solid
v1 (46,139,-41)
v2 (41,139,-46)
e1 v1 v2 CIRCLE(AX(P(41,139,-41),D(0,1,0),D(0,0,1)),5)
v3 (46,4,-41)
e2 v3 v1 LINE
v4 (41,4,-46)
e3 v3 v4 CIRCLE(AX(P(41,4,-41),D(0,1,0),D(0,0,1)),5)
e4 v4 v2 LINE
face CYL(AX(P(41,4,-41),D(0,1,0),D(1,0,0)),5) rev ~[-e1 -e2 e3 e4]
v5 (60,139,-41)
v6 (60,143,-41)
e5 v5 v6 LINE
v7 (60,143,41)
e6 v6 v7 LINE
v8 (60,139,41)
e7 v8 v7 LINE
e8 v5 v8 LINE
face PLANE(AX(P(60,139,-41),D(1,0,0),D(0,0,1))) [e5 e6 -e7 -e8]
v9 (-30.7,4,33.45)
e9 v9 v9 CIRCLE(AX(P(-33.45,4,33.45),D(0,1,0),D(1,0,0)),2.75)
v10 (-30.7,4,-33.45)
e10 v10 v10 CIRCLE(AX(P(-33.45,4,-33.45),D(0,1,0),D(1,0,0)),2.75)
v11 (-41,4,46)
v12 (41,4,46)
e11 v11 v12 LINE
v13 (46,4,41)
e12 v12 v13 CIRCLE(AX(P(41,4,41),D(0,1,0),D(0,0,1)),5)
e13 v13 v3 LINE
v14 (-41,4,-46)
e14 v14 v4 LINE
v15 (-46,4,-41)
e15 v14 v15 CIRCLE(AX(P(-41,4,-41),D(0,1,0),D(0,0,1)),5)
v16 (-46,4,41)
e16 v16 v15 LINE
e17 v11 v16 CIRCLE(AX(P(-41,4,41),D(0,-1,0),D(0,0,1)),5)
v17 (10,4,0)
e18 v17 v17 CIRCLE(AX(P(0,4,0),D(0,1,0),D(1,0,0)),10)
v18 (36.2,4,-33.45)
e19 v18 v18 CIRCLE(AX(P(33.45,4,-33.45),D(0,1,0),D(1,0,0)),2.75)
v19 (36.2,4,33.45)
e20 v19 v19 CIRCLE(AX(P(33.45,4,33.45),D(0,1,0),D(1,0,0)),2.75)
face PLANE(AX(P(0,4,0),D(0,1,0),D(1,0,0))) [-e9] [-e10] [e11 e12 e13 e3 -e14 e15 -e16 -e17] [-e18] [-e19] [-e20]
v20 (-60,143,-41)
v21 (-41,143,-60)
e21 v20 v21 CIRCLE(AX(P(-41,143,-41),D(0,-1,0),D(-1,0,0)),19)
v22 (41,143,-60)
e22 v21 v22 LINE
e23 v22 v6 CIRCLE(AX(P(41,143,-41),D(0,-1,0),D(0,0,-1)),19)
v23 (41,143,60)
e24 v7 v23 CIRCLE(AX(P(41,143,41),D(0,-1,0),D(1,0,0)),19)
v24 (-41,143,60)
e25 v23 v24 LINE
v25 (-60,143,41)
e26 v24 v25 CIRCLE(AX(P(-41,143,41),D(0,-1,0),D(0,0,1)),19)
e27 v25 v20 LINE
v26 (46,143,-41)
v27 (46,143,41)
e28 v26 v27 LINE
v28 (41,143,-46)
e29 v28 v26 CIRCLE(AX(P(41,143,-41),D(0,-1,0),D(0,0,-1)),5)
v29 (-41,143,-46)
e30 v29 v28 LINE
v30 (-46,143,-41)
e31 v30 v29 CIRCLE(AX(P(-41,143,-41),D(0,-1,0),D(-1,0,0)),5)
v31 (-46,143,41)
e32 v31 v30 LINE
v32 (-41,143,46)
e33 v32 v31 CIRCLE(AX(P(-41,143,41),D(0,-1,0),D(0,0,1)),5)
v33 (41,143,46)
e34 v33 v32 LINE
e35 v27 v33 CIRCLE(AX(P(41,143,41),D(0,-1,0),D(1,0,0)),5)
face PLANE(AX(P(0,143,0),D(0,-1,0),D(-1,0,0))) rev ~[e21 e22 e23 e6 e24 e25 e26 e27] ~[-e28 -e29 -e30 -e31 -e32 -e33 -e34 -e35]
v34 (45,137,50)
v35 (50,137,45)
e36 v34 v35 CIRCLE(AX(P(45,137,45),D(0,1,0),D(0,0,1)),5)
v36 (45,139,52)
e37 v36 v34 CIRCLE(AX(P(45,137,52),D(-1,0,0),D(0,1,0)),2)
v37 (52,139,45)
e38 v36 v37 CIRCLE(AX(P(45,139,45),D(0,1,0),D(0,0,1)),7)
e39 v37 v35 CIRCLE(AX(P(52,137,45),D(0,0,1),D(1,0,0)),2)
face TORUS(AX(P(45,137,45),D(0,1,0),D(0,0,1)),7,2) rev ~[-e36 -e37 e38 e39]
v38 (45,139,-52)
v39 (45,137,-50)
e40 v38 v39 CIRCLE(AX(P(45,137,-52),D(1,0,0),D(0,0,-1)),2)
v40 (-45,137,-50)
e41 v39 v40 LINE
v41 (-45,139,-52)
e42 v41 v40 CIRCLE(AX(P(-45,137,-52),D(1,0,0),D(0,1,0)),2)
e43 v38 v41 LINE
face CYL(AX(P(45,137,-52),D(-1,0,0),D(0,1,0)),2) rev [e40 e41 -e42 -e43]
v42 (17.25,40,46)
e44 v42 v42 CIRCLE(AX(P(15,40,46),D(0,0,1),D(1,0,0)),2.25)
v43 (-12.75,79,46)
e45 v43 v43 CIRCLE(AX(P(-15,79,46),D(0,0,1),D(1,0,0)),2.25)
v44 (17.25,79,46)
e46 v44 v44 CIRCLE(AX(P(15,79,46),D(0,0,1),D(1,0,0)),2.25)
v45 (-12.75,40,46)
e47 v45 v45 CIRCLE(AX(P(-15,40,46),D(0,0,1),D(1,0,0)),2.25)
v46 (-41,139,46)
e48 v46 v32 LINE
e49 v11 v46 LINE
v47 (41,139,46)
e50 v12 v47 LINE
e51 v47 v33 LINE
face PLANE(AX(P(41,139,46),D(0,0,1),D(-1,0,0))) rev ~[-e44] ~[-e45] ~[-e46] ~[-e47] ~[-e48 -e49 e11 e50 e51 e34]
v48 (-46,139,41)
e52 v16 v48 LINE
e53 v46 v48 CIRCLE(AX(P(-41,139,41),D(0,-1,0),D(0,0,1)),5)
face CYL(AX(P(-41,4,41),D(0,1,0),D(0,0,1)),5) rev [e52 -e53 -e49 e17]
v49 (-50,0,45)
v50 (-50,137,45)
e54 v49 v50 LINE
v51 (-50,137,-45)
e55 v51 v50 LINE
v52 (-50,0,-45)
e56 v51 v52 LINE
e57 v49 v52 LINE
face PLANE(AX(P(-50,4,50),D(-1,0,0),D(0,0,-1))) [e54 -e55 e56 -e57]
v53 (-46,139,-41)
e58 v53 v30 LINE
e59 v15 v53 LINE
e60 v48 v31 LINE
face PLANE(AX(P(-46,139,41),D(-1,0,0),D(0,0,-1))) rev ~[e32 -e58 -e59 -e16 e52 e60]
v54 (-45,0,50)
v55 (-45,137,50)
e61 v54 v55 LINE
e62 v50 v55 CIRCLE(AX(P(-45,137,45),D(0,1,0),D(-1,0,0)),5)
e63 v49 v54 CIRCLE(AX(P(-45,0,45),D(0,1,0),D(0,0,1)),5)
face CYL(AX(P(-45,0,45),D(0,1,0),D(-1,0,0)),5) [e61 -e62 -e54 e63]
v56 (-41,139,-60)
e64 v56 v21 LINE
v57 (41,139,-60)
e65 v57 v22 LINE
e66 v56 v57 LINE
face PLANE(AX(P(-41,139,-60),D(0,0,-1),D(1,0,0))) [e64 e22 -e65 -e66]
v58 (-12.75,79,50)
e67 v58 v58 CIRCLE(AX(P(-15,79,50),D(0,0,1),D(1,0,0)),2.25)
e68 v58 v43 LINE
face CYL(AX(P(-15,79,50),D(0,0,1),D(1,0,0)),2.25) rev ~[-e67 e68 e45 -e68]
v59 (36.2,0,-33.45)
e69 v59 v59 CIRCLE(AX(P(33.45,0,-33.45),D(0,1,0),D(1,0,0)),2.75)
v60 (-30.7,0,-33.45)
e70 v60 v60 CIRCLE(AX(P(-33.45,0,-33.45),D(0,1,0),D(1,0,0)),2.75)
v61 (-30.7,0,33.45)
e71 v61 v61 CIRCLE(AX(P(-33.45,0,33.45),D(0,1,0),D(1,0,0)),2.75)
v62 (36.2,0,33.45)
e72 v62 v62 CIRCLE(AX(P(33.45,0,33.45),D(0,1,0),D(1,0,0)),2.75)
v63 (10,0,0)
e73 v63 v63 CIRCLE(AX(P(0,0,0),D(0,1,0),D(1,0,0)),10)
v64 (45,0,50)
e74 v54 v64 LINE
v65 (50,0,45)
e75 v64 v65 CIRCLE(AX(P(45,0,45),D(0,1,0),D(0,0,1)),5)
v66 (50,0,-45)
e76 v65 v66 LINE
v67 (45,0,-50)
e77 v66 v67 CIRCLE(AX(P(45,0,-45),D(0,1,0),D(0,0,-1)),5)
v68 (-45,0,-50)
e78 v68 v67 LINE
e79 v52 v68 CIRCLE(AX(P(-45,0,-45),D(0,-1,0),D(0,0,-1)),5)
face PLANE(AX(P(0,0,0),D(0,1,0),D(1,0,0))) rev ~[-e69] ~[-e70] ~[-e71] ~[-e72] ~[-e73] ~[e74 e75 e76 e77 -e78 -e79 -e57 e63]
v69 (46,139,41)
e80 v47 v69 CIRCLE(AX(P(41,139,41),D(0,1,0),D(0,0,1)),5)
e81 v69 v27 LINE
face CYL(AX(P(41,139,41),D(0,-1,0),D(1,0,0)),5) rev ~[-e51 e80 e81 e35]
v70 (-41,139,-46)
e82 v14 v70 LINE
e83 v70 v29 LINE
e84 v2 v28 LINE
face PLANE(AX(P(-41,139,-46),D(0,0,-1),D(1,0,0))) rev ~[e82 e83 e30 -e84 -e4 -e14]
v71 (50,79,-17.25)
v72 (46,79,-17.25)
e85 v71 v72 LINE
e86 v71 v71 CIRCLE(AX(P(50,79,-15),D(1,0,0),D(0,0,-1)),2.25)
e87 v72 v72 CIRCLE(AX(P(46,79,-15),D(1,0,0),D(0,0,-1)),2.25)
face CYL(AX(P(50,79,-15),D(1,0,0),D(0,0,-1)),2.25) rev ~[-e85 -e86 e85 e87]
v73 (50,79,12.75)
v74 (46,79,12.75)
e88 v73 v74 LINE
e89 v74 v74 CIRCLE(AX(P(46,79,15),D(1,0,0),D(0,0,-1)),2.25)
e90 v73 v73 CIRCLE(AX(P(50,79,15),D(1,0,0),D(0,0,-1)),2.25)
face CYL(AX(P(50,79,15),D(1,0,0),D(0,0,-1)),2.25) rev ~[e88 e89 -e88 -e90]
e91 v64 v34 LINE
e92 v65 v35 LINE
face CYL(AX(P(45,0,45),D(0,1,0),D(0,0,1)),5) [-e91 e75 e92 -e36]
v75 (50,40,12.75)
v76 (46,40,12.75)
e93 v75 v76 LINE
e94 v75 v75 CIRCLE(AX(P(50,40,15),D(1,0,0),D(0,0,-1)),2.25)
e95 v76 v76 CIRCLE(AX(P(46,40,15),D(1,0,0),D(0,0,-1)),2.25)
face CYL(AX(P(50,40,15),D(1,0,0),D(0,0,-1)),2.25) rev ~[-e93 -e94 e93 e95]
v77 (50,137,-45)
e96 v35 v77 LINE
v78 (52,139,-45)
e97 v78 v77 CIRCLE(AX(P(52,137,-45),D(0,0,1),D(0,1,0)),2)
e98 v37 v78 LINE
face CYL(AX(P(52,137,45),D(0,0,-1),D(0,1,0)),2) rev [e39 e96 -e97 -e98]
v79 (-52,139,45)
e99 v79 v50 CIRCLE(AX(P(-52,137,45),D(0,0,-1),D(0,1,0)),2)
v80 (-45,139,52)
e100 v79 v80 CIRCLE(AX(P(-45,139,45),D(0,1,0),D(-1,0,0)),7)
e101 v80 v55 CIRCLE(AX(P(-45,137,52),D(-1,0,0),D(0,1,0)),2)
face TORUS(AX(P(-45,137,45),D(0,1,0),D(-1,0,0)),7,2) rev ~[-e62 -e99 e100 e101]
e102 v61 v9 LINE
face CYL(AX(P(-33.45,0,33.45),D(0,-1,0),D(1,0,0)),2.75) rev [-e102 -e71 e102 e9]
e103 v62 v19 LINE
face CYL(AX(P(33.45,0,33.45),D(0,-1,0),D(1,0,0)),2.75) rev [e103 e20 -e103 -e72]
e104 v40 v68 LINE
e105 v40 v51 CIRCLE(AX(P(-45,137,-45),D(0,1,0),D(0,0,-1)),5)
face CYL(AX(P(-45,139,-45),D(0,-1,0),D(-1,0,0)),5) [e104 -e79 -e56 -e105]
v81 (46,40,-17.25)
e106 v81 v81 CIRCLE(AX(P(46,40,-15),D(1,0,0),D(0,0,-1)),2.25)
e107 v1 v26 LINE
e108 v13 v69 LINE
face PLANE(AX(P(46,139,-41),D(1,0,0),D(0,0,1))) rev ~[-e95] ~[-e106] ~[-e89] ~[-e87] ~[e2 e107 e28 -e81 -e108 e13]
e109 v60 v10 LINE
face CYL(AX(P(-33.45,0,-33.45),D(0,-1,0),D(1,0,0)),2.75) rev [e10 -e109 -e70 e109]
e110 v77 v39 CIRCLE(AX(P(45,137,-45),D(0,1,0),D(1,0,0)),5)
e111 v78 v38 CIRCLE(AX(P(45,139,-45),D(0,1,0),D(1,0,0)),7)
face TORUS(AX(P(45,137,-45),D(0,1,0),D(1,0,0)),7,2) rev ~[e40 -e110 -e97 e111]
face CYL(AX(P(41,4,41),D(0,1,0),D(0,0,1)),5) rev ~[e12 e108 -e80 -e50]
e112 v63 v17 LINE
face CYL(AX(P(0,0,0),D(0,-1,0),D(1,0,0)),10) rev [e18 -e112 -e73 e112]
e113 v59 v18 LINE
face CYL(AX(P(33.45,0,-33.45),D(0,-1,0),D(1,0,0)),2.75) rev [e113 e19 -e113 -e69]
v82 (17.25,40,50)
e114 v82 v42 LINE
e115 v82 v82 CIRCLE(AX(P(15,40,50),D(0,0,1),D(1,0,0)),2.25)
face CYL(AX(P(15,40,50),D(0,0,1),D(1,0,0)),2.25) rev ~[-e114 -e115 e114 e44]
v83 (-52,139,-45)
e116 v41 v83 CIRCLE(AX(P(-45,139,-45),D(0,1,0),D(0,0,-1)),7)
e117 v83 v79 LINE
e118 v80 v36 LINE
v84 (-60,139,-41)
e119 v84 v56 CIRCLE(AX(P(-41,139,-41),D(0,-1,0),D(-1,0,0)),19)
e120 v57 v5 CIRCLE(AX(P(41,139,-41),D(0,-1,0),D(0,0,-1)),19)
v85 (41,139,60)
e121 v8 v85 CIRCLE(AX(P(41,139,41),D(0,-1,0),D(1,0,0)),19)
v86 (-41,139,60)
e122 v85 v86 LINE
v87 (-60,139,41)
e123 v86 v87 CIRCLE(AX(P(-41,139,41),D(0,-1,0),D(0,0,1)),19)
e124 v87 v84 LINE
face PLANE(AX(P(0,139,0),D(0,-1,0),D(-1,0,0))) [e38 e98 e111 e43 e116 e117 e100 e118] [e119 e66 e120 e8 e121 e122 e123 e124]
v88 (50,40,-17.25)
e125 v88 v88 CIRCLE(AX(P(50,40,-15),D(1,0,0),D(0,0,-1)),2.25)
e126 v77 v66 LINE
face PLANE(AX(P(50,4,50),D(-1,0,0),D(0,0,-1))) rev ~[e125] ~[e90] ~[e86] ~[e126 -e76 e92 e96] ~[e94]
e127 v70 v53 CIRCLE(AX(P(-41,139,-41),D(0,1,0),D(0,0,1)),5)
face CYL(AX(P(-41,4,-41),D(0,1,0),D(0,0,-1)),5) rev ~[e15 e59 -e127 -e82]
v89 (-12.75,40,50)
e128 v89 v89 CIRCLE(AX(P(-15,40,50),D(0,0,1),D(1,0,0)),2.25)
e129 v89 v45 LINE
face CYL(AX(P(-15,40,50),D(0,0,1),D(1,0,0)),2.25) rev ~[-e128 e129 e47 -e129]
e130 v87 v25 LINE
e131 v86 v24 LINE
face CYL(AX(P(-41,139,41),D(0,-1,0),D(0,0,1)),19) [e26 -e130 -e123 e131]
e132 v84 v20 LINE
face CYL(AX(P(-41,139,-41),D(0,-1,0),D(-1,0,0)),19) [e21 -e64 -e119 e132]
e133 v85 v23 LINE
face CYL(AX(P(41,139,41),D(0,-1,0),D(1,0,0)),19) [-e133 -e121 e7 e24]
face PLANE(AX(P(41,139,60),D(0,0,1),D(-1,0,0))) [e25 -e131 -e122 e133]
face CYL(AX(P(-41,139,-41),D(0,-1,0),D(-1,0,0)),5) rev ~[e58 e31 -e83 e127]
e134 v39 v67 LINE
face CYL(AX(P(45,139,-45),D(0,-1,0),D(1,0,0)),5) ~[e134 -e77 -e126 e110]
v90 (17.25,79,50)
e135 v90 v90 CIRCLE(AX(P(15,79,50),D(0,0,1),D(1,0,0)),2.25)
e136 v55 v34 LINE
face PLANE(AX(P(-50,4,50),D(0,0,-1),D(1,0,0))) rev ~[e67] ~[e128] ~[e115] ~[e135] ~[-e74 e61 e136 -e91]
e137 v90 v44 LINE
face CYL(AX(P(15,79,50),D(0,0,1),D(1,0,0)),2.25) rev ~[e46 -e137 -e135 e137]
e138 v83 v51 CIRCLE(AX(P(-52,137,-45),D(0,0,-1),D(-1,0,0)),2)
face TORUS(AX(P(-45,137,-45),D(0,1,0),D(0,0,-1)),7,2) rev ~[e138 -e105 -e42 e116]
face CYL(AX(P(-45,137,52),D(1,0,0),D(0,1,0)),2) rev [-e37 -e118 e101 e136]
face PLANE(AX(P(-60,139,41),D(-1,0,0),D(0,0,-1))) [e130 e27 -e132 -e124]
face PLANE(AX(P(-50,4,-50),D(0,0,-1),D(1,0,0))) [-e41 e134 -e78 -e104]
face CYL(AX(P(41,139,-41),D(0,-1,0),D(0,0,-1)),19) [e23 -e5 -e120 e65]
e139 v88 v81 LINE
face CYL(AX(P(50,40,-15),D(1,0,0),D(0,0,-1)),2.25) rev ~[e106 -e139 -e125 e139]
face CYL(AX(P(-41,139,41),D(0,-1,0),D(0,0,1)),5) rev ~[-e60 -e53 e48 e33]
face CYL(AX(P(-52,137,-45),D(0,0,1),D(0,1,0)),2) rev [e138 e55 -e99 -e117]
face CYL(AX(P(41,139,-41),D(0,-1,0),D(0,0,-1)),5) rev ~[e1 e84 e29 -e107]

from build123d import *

# Parameters (mm, degrees)
SKETCH1_W           = 100
SKETCH1_H           = 100
SKETCH1_R           = 10
SKETCH1_R_2         = 2.75
BOSS_EXTRUDE1_DEPTH = 4
SKETCH2_W           = 100
SKETCH2_H           = 100
SKETCH2_W_2         = 92
SKETCH2_H_2         = 92
BOSS_EXTRUDE2_DEPTH = 135
FILLET1_R           = 5
BOSS_EXTRUDE3_DEPTH = 4
FILLET2_R           = 2
CUT_EXTRUDE1_REACH  = 112
SKETCH4_R           = 2.25
CUT_EXTRUDE2_REACH  = 112
SKETCH5_R           = 2.25


with BuildPart() as part:
    # Sketch1 → Boss-Extrude1 (new body)
    with BuildSketch(Plane(origin=(0, 0, 0), x_dir=(1, 0, 0), z_dir=(0, 1, 0))):
        Rectangle(SKETCH1_W, SKETCH1_H)
        Circle(SKETCH1_R, mode=Mode.SUBTRACT)
        with Locations((33.45, 33.45)):
            Circle(SKETCH1_R_2, mode=Mode.SUBTRACT)
        with Locations((33.45, -33.45)):
            Circle(SKETCH1_R_2, mode=Mode.SUBTRACT)
        with Locations((-33.45, -33.45)):
            Circle(SKETCH1_R_2, mode=Mode.SUBTRACT)
        with Locations((-33.45, 33.45)):
            Circle(SKETCH1_R_2, mode=Mode.SUBTRACT)
    extrude(amount=BOSS_EXTRUDE1_DEPTH)

    # Sketch2 → Boss-Extrude2 (add)
    with BuildSketch(Plane(origin=(0, 4, 0), x_dir=(1, 0, 0), z_dir=(0, 1, 0))):
        Rectangle(SKETCH2_W, SKETCH2_H)
        Rectangle(SKETCH2_W_2, SKETCH2_H_2, mode=Mode.SUBTRACT)
    extrude(amount=BOSS_EXTRUDE2_DEPTH)

    # Fillet1
    fillet1_edges = [part.edges().sort_by_distance(p)[0] for p in [
        (-46, 71.5, 46),
        (46, 71.5, 46),
        (46, 71.5, -46),
        (-46, 71.5, -46),
        (-50, 69.5, -50),
        (50, 69.5, -50),
        (50, 69.5, 50),
        (-50, 69.5, 50),
    ]]
    fillet(fillet1_edges, radius=FILLET1_R)

    # Sketch3 → Boss-Extrude3 (add)
    with BuildSketch(Plane(origin=(0, 139, 0), x_dir=(1, 0, 0), z_dir=(0, 1, 0))):
        with BuildLine():
            Line((-41, 60), (41, 60))
            ThreePointArc((41, 60), (54.435028843, 54.435028843), (60, 41))
            Line((60, 41), (60, -41))
            ThreePointArc((60, -41), (54.435028843, -54.435028843), (41, -60))
            Line((41, -60), (-41, -60))
            ThreePointArc((-41, -60), (-54.435028843, -54.435028843), (-60, -41))
            Line((-60, -41), (-60, 41))
            ThreePointArc((-60, 41), (-54.435028843, 54.435028843), (-41, 60))
        make_face()
        with BuildLine():
            Line((-41, 46), (41, 46))
            ThreePointArc((41, 46), (44.535533906, 44.535533906), (46, 41))
            Line((46, 41), (46, -41))
            ThreePointArc((46, -41), (44.535533906, -44.535533906), (41, -46))
            Line((41, -46), (-41, -46))
            ThreePointArc((-41, -46), (-44.535533906, -44.535533906), (-46, -41))
            Line((-46, -41), (-46, 41))
            ThreePointArc((-46, 41), (-44.535533906, 44.535533906), (-41, 46))
        make_face(mode=Mode.SUBTRACT)
    extrude(amount=BOSS_EXTRUDE3_DEPTH)

    # Fillet2
    fillet2_edges = [part.edges().sort_by_distance(p)[0] for p in [
        (0, 139, 50),
        (-50, 139, 0),
        (50, 139, 0),
        (0, 139, -50),
        (-48.535533906, 139, -48.535533906),
        (48.535533906, 139, -48.535533906),
        (48.535533906, 139, 48.535533906),
        (-48.535533906, 139, 48.535533906),
    ]]
    fillet(fillet2_edges, radius=FILLET2_R)

    # Sketch4 → Cut-Extrude1 (cut, up to next)
    with BuildSketch(Plane(origin=(50, 0, 0), x_dir=(0, 0, -1), z_dir=(1, 0, 0)), mode=Mode.PRIVATE) as cut_extrude1_sk1:
        with Locations((-15, 79)):
            Circle(SKETCH4_R)
    cut_extrude1_tool1 = extrude(cut_extrude1_sk1.sketch, amount=-CUT_EXTRUDE1_REACH, mode=Mode.PRIVATE) & part.part
    add(cut_extrude1_tool1.solids().sort_by_distance((50, 79, 15))[0], mode=Mode.SUBTRACT)
    # Sketch4 → Cut-Extrude1 (cut, up to next)
    with BuildSketch(Plane(origin=(50, 0, 0), x_dir=(0, 0, -1), z_dir=(1, 0, 0)), mode=Mode.PRIVATE) as cut_extrude1_sk2:
        with Locations((15, 79)):
            Circle(SKETCH4_R)
    cut_extrude1_tool2 = extrude(cut_extrude1_sk2.sketch, amount=-CUT_EXTRUDE1_REACH, mode=Mode.PRIVATE) & part.part
    add(cut_extrude1_tool2.solids().sort_by_distance((50, 79, -15))[0], mode=Mode.SUBTRACT)
    # Sketch4 → Cut-Extrude1 (cut, up to next)
    with BuildSketch(Plane(origin=(50, 0, 0), x_dir=(0, 0, -1), z_dir=(1, 0, 0)), mode=Mode.PRIVATE) as cut_extrude1_sk3:
        with Locations((15, 40)):
            Circle(SKETCH4_R)
    cut_extrude1_tool3 = extrude(cut_extrude1_sk3.sketch, amount=-CUT_EXTRUDE1_REACH, mode=Mode.PRIVATE) & part.part
    add(cut_extrude1_tool3.solids().sort_by_distance((50, 40, -15))[0], mode=Mode.SUBTRACT)
    # Sketch4 → Cut-Extrude1 (cut, up to next)
    with BuildSketch(Plane(origin=(50, 0, 0), x_dir=(0, 0, -1), z_dir=(1, 0, 0)), mode=Mode.PRIVATE) as cut_extrude1_sk4:
        with Locations((-15, 40)):
            Circle(SKETCH4_R)
    cut_extrude1_tool4 = extrude(cut_extrude1_sk4.sketch, amount=-CUT_EXTRUDE1_REACH, mode=Mode.PRIVATE) & part.part
    add(cut_extrude1_tool4.solids().sort_by_distance((50, 40, 15))[0], mode=Mode.SUBTRACT)

    # Sketch5 → Cut-Extrude2 (cut, up to next)
    with BuildSketch(Plane.XY.offset(50), mode=Mode.PRIVATE) as cut_extrude2_sk1:
        with Locations((15, 79)):
            Circle(SKETCH5_R)
    cut_extrude2_tool1 = extrude(cut_extrude2_sk1.sketch, amount=-CUT_EXTRUDE2_REACH, mode=Mode.PRIVATE) & part.part
    add(cut_extrude2_tool1.solids().sort_by_distance((15, 79, 50))[0], mode=Mode.SUBTRACT)
    # Sketch5 → Cut-Extrude2 (cut, up to next)
    with BuildSketch(Plane.XY.offset(50), mode=Mode.PRIVATE) as cut_extrude2_sk2:
        with Locations((-15, 79)):
            Circle(SKETCH5_R)
    cut_extrude2_tool2 = extrude(cut_extrude2_sk2.sketch, amount=-CUT_EXTRUDE2_REACH, mode=Mode.PRIVATE) & part.part
    add(cut_extrude2_tool2.solids().sort_by_distance((-15, 79, 50))[0], mode=Mode.SUBTRACT)
    # Sketch5 → Cut-Extrude2 (cut, up to next)
    with BuildSketch(Plane.XY.offset(50), mode=Mode.PRIVATE) as cut_extrude2_sk3:
        with Locations((-15, 40)):
            Circle(SKETCH5_R)
    cut_extrude2_tool3 = extrude(cut_extrude2_sk3.sketch, amount=-CUT_EXTRUDE2_REACH, mode=Mode.PRIVATE) & part.part
    add(cut_extrude2_tool3.solids().sort_by_distance((-15, 40, 50))[0], mode=Mode.SUBTRACT)
    # Sketch5 → Cut-Extrude2 (cut, up to next)
    with BuildSketch(Plane.XY.offset(50), mode=Mode.PRIVATE) as cut_extrude2_sk4:
        with Locations((15, 40)):
            Circle(SKETCH5_R)
    cut_extrude2_tool4 = extrude(cut_extrude2_sk4.sketch, amount=-CUT_EXTRUDE2_REACH, mode=Mode.PRIVATE) & part.part
    add(cut_extrude2_tool4.solids().sort_by_distance((15, 40, 50))[0], mode=Mode.SUBTRACT)


solid = part.part
